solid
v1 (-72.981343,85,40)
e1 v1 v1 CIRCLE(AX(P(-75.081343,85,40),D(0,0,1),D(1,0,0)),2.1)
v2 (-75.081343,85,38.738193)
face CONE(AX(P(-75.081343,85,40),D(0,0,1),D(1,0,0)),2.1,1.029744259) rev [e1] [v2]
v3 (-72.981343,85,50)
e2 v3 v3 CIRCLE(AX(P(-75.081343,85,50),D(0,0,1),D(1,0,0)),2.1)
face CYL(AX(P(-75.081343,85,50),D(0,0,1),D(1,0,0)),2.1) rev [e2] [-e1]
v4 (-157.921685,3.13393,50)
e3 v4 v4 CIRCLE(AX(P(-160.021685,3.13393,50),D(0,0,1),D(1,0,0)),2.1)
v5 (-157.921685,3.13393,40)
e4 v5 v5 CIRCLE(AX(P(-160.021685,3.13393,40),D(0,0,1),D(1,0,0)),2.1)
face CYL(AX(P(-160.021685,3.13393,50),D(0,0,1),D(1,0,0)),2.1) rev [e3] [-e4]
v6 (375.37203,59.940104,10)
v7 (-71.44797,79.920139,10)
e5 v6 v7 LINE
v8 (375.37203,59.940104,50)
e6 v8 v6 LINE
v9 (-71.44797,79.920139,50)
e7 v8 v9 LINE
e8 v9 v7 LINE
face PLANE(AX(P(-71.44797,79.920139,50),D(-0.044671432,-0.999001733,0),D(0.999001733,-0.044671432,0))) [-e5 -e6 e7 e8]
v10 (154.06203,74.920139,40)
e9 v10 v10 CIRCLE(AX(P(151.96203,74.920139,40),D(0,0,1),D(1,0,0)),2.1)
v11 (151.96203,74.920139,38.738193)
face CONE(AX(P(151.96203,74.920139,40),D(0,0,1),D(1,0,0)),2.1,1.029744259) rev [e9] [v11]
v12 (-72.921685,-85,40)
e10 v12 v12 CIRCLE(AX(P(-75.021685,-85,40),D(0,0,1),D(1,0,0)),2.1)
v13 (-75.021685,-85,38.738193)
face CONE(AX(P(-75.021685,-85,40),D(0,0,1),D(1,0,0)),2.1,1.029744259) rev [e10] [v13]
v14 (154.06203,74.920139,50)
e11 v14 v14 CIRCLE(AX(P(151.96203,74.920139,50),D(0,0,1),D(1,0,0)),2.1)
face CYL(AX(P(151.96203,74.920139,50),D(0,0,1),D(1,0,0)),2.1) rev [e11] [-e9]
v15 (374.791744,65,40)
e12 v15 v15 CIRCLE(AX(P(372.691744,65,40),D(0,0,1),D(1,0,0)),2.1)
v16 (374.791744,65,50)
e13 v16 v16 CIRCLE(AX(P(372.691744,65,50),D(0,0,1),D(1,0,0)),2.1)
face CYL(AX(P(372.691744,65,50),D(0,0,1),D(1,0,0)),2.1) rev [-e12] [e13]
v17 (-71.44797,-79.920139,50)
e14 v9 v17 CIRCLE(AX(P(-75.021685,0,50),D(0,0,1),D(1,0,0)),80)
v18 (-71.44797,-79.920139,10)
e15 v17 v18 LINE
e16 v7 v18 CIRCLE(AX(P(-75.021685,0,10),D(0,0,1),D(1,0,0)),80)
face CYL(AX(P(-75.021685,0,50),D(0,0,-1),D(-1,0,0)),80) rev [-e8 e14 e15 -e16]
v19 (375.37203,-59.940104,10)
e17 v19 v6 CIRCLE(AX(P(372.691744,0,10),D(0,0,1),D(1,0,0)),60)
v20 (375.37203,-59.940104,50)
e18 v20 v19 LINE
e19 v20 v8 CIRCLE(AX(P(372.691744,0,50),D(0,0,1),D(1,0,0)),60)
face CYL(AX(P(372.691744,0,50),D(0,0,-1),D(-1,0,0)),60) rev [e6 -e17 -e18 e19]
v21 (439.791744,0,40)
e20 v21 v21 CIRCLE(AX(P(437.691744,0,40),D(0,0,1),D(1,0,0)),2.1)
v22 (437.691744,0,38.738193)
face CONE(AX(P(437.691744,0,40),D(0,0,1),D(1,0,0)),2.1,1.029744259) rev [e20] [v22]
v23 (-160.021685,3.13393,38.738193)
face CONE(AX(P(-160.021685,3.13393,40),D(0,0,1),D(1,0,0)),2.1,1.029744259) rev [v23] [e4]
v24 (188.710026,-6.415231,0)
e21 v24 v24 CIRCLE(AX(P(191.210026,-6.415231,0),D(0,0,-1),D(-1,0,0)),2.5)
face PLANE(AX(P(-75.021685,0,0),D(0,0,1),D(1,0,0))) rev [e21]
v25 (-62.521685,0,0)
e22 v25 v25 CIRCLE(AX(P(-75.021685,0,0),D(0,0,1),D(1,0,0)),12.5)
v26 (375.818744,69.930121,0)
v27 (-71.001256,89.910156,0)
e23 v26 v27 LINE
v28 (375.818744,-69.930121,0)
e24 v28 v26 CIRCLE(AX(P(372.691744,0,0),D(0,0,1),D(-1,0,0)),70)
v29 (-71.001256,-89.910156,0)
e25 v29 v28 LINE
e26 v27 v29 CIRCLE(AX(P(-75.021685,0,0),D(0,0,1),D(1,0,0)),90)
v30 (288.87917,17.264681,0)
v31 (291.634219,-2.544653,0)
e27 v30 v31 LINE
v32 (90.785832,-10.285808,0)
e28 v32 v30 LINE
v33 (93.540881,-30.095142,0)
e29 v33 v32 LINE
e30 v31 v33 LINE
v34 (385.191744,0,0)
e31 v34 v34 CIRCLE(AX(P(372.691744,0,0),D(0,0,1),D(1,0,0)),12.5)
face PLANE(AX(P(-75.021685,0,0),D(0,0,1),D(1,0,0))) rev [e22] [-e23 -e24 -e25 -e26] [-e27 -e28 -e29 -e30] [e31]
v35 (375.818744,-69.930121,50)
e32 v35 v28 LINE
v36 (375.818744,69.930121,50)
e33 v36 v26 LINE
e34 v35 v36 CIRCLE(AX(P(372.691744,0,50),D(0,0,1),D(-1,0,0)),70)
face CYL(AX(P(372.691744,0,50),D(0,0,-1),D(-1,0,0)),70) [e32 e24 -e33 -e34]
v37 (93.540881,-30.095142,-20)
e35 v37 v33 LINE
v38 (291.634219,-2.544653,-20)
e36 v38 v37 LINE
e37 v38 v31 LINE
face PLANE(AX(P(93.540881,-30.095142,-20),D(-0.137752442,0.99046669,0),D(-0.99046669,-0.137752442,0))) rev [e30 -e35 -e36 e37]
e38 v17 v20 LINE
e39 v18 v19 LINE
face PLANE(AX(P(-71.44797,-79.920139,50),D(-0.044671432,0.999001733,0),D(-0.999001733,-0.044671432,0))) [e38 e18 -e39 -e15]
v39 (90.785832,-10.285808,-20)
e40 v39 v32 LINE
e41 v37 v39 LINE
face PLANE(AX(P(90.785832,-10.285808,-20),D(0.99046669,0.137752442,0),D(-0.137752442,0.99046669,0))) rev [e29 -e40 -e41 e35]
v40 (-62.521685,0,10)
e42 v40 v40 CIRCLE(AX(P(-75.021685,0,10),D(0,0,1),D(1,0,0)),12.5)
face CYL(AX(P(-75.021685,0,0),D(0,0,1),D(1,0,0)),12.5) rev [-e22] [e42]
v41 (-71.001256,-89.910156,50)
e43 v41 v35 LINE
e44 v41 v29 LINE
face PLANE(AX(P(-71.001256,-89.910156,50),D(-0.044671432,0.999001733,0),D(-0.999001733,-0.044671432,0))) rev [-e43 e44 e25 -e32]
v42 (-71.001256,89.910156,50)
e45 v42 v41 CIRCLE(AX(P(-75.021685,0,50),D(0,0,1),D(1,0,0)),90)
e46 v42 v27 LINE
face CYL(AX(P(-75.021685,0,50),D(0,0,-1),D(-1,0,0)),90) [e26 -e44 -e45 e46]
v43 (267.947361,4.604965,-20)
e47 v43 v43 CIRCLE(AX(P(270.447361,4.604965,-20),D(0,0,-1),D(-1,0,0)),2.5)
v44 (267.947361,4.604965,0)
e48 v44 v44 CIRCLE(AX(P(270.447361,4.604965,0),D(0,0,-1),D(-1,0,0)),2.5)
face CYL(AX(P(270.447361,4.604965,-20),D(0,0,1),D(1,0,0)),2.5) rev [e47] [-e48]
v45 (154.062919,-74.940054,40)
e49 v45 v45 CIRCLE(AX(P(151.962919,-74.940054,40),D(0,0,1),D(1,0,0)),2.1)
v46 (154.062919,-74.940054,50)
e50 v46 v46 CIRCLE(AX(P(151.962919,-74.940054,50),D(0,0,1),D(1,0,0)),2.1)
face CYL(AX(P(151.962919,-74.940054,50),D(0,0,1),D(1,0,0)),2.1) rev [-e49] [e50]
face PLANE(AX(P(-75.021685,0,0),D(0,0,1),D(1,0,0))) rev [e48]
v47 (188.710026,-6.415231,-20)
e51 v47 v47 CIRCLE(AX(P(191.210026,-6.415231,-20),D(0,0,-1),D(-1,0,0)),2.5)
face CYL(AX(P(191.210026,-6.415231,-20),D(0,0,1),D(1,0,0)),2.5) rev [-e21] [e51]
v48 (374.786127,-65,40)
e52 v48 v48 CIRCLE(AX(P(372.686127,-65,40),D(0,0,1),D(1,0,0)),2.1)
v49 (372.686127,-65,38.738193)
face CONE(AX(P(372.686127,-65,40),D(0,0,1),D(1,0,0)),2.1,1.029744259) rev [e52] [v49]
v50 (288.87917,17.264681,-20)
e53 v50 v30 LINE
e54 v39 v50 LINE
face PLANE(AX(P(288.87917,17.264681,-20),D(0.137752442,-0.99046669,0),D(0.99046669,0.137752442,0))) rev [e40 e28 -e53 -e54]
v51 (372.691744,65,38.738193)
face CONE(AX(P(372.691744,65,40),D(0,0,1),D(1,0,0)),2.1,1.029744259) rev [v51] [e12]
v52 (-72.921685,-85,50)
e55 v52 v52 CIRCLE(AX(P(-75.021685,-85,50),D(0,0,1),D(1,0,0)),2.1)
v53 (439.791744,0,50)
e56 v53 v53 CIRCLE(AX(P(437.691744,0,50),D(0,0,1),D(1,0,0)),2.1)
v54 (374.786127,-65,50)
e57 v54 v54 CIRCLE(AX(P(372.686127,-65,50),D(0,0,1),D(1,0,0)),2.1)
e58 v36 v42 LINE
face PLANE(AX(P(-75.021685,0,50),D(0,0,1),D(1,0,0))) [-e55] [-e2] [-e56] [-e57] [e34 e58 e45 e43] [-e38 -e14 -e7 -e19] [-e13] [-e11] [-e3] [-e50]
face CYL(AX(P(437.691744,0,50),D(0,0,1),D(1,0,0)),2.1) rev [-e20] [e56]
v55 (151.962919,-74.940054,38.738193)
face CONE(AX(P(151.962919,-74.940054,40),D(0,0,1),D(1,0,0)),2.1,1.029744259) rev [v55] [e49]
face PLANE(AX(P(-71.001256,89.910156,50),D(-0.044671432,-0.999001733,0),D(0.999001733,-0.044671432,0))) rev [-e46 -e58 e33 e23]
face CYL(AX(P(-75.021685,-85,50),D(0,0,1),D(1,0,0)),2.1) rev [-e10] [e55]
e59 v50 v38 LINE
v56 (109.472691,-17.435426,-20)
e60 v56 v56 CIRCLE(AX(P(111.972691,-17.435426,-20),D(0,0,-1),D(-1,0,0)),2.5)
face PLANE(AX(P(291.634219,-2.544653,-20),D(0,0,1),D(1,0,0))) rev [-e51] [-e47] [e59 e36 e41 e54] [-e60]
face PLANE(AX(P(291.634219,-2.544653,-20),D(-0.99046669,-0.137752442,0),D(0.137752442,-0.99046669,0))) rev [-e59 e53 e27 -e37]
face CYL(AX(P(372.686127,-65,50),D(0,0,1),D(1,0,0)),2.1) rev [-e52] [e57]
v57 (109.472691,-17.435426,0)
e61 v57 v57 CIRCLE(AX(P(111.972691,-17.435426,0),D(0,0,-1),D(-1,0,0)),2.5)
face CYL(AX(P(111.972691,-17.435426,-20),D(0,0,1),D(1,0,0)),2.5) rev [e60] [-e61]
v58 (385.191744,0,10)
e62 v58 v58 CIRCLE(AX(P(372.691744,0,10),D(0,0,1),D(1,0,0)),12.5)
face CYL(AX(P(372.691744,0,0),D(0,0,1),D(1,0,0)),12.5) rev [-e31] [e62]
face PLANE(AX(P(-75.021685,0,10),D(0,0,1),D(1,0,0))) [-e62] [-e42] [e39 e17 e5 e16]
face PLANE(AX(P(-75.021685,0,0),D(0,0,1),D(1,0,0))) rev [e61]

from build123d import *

# Parameters (mm, degrees)
BOSS_EXTRUDE2_DEPTH   = 50
SHELL2_T              = -10
SKETCH2_R             = 12.5
CUT_EXTRUDE1_DEPTH    = 10
M5_TAPPED_HOLE1_D     = 4.2
M5_TAPPED_HOLE1_DEPTH = 10
M5_TAPPED_HOLE1_TIP   = 1.2618073
SKETCH7_R             = 2.5
BOSS_EXTRUDE3_DEPTH   = 20


with BuildPart() as part:
    # Sketch1 → Boss-Extrude2 (new body)
    with BuildSketch(Plane.XY):
        with BuildLine():
            Line((-71.001256012, 89.910155998), (375.818743988, 69.930121332))
            ThreePointArc((375.818743988, 69.930121332), (442.691743746, 0), (375.818743988, -69.930121332))
            Line((375.818743988, -69.930121332), (-71.001256012, -89.910155998))
            ThreePointArc((-71.001256012, -89.910155998), (-165.021684895, 0), (-71.001256012, 89.910155998))
        make_face()
    extrude(amount=BOSS_EXTRUDE2_DEPTH)

    # Shell2
    shell2_openings = [part.faces().sort_by_distance(p)[0] for p in [
        (145.621886707, 0, 50),
    ]]
    offset(amount=SHELL2_T, openings=shell2_openings, kind=Kind.INTERSECTION)

    # Sketch2 → Cut-Extrude1 (cut)
    with BuildSketch(Plane.XY.offset(10)):
        with Locations((-75.021684895, 0)):
            Circle(SKETCH2_R)
        with Locations((372.691743746, 0)):
            Circle(SKETCH2_R)
    extrude(amount=-CUT_EXTRUDE1_DEPTH, mode=Mode.SUBTRACT)

    # M5 Tapped Hole1
    with Locations(Plane.XY.offset(50)):
        with Locations((-160.021684895, 3.133929532), (-75.081342532, 85), (-75.021684895, -85), (437.691743746, 0), (372.686127316, -64.999999757), (372.691743746, 65), (151.962029668, 74.920138665), (151.962918886, -74.94005433)):
            Hole(M5_TAPPED_HOLE1_D / 2, depth=M5_TAPPED_HOLE1_DEPTH)
            with Locations((0, 0, -(M5_TAPPED_HOLE1_DEPTH + M5_TAPPED_HOLE1_TIP / 2))):  # 118° drill point
                Cone(0, M5_TAPPED_HOLE1_D / 2, M5_TAPPED_HOLE1_TIP, mode=Mode.SUBTRACT)

    # Sketch7 → Boss-Extrude3 (add)
    with BuildSketch(Plane(origin=(0, 0, 0), x_dir=(-1, 0, 0), z_dir=(0, 0, -1))):
        Polygon((-268.221462492, -5.800860149), (-109.826947867, -27.830102859), (-93.540881228, -30.095141618), (-90.785832397, -10.285807809), (-288.879170482, 17.264680503), (-291.634219314, -2.544653305), align=None)
        with Locations((-270.447361089, 4.604964768)):
            Circle(SKETCH7_R, mode=Mode.SUBTRACT)
        with Locations((-191.210025855, -6.415230557)):
            Circle(SKETCH7_R, mode=Mode.SUBTRACT)
        with Locations((-111.972690621, -17.435425882)):
            Circle(SKETCH7_R, mode=Mode.SUBTRACT)
    extrude(amount=BOSS_EXTRUDE3_DEPTH)


solid = part.part
